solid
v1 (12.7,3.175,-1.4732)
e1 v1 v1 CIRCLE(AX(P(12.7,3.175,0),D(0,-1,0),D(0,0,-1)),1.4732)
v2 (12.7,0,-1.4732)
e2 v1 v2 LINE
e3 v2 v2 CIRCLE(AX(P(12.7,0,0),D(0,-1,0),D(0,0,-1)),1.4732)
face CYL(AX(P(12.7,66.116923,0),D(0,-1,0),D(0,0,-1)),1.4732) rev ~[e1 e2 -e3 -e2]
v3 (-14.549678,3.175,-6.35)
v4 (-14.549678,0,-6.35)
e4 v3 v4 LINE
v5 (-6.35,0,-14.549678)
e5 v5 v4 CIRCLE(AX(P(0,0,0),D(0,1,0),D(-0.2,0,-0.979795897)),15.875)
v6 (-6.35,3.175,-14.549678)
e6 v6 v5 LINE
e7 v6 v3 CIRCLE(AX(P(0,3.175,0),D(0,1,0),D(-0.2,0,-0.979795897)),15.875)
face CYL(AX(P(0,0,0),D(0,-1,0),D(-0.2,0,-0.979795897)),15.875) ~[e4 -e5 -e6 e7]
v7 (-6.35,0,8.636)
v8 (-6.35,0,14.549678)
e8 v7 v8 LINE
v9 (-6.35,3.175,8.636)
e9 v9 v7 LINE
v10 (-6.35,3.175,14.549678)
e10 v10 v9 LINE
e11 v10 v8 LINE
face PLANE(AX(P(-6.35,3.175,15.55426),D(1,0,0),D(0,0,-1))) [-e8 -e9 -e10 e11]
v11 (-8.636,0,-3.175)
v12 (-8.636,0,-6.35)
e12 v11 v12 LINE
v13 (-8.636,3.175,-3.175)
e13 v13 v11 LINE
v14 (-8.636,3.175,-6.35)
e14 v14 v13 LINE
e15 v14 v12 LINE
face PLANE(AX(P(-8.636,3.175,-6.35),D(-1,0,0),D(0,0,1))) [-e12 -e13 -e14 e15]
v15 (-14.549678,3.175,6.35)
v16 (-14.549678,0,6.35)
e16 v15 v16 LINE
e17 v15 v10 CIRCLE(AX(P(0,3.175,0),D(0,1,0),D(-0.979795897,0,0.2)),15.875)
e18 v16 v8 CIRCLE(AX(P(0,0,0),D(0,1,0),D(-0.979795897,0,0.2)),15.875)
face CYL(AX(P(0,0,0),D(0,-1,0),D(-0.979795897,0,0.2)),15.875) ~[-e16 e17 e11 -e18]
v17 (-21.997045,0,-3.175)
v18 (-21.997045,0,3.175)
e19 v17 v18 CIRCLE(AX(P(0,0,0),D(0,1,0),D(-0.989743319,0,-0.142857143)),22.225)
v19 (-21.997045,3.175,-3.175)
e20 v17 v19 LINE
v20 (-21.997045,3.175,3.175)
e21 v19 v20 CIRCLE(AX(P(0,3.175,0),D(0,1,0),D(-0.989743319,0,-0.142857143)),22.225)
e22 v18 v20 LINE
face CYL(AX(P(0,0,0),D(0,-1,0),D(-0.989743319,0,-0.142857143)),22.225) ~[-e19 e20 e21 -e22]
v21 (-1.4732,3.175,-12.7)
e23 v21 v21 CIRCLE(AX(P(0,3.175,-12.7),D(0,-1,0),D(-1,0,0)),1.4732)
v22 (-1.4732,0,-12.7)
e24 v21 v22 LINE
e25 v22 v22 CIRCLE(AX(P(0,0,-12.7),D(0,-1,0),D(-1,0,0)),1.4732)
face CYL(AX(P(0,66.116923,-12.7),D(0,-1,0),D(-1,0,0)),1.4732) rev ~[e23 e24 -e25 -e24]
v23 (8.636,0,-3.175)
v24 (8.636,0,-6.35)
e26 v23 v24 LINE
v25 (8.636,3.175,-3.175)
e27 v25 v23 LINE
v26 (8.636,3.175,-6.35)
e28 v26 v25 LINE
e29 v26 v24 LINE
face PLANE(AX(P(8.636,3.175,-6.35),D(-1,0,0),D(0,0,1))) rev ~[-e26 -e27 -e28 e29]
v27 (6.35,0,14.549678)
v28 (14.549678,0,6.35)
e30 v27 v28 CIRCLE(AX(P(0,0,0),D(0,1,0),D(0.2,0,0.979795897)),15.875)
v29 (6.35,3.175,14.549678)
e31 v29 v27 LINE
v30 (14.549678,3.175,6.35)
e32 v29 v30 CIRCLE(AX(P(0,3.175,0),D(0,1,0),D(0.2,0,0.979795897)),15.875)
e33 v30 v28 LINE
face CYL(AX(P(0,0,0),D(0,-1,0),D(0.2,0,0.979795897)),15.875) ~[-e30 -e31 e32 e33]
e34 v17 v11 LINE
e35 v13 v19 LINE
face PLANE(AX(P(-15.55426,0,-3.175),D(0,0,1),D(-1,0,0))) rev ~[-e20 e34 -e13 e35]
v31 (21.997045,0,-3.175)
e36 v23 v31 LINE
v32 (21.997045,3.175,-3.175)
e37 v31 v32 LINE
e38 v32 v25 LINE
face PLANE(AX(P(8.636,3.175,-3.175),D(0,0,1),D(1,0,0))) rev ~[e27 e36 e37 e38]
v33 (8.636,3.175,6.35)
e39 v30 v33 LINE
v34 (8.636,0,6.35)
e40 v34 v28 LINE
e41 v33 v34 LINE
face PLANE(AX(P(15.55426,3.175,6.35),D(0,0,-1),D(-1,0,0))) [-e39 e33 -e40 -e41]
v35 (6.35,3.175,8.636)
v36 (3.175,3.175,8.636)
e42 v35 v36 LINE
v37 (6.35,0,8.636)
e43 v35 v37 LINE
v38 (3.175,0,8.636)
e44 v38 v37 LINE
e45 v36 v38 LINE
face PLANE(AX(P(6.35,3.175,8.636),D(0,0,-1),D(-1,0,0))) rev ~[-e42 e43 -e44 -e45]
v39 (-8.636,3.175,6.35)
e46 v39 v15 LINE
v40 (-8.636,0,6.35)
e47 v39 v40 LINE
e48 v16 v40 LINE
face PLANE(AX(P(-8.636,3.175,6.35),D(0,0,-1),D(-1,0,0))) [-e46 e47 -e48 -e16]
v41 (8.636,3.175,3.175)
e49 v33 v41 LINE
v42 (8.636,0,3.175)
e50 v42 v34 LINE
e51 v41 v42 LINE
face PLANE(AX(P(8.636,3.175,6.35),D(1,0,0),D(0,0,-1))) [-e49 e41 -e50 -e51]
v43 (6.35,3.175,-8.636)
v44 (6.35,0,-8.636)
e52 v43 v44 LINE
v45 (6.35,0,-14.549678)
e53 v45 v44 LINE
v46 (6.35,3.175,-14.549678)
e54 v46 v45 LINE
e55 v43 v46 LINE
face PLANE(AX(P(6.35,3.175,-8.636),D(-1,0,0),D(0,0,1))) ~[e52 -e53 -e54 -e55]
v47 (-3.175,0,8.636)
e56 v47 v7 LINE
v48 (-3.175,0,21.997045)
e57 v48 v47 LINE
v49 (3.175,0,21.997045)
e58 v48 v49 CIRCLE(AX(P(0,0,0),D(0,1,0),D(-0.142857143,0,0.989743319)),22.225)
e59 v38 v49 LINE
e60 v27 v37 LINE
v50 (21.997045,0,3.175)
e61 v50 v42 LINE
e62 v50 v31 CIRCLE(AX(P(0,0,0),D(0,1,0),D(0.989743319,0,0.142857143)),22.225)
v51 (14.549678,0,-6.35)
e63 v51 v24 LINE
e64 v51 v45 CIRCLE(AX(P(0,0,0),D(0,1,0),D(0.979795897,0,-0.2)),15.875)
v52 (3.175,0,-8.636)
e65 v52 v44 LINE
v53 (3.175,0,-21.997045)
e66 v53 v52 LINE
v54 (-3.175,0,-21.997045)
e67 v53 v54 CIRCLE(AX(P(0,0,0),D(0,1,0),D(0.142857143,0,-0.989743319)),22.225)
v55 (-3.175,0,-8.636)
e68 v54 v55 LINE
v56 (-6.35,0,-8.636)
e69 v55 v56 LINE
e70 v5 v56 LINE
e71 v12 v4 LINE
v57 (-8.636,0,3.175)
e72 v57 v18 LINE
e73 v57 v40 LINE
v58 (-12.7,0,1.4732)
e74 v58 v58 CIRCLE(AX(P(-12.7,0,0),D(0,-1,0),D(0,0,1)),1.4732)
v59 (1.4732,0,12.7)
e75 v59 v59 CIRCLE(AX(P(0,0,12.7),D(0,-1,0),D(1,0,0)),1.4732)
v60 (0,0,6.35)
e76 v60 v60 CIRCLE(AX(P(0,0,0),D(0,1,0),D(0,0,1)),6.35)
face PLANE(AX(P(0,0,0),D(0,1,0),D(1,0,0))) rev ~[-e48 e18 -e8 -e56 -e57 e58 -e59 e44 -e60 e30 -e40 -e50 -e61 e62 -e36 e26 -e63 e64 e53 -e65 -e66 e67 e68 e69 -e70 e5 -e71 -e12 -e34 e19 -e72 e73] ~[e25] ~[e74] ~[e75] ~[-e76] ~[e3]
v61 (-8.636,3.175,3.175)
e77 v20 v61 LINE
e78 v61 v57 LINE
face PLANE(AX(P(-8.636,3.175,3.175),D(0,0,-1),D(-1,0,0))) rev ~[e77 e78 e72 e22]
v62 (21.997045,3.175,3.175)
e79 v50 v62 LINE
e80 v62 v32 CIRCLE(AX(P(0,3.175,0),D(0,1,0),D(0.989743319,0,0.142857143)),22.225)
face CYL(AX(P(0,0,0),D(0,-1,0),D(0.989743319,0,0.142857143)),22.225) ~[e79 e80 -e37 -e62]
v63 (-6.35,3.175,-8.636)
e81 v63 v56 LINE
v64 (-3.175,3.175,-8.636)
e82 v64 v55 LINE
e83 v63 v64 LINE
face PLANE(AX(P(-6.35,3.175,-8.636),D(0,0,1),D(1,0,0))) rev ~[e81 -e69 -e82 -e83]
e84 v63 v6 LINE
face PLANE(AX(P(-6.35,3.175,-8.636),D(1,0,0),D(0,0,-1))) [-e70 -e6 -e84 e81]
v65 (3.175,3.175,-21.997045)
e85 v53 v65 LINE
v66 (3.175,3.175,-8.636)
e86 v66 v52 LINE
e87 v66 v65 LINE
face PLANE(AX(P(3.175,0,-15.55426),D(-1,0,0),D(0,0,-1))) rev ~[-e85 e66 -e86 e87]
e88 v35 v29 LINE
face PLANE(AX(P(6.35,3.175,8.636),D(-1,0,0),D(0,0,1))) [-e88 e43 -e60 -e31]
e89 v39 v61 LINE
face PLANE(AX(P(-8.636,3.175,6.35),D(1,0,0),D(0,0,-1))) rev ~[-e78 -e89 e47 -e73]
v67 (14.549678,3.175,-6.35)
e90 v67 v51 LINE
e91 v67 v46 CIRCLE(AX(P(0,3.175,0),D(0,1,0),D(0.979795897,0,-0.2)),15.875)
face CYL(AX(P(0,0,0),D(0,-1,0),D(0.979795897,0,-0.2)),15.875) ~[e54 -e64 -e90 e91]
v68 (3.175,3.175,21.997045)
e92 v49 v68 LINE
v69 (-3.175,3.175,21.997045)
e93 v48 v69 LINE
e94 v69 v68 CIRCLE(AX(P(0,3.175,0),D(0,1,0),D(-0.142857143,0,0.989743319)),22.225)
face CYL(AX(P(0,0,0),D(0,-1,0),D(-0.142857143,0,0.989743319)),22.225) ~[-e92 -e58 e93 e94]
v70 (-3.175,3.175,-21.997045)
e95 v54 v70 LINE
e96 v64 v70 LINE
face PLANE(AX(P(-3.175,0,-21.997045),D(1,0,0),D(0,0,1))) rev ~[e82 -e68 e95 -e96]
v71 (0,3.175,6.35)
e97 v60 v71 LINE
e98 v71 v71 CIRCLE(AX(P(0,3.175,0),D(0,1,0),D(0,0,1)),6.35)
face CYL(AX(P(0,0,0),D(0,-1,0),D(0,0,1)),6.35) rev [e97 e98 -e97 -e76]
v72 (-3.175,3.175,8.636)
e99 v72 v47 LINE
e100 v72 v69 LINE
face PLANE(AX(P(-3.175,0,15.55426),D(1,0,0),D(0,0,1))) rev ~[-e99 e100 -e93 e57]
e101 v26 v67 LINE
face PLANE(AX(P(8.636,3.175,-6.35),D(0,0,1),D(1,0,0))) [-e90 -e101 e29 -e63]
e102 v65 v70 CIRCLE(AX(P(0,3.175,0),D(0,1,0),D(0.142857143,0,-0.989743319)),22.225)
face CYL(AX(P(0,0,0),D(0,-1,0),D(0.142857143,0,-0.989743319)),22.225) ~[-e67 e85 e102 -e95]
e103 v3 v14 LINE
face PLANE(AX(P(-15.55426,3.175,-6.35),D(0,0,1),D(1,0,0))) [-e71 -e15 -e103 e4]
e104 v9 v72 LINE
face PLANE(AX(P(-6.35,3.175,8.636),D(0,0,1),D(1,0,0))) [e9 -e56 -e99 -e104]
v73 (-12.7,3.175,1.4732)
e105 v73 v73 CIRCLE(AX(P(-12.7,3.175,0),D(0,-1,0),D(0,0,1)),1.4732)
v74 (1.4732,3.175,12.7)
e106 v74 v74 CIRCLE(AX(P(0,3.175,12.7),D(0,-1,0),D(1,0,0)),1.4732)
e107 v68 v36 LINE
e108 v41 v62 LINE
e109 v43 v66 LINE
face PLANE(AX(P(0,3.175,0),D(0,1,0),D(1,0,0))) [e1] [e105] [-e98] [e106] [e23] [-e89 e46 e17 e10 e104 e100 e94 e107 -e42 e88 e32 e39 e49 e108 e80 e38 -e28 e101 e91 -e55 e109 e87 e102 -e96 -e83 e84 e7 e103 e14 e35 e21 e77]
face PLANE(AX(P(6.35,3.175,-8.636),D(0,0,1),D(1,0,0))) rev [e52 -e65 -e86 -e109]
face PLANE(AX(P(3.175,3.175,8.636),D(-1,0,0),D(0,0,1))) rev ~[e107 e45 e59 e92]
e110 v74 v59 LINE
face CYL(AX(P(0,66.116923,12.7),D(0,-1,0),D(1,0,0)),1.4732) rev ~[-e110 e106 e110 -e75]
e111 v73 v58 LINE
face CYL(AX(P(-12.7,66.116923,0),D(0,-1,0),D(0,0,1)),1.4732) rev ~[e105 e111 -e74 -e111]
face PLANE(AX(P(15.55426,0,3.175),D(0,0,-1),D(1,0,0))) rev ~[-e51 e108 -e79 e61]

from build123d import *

# Parameters (mm, degrees)
SKETCH1_R                   = 6.35
BOSS_EXTRUDE1_DEPTH         = 3.175
F_4_CLEARANCE_HOLE1_D       = 2.9464
CUT_EXTRUDE1_REACH          = 33.591
SKETCH11_W                  = 3.175
SKETCH11_H                  = 6.918259867
CIRPATTERN2_COUNT           = 4
CIRPATTERN2_COPY_1_REACH    = 33.591
CIRPATTERN2_COPY_1_SKETCH_W = 3.175
CIRPATTERN2_COPY_1_SKETCH_H = 6.918259867
CIRPATTERN2_COPY_2_REACH    = 33.591
CIRPATTERN2_COPY_2_SKETCH_W = 3.175
CIRPATTERN2_COPY_2_SKETCH_H = 6.918259867
CIRPATTERN2_COPY_3_REACH    = 33.591
CIRPATTERN2_COPY_3_SKETCH_W = 3.175
CIRPATTERN2_COPY_3_SKETCH_H = 6.918259867
CIRPATTERN2_COPY_4_REACH    = 33.591
CIRPATTERN2_COPY_4_SKETCH_W = 3.175
CIRPATTERN2_COPY_4_SKETCH_H = 6.918259867
CIRPATTERN2_COPY_5_REACH    = 33.591
CIRPATTERN2_COPY_5_SKETCH_W = 3.175
CIRPATTERN2_COPY_5_SKETCH_H = 6.918259867
CIRPATTERN2_COPY_6_REACH    = 33.591
CIRPATTERN2_COPY_6_SKETCH_W = 3.175
CIRPATTERN2_COPY_6_SKETCH_H = 6.918259867


with BuildPart() as part:
    # Sketch1 → Boss-Extrude1 (new body)
    with BuildSketch(Plane(origin=(0, 0, 0), x_dir=(1, 0, 0), z_dir=(0, 1, 0))):
        with BuildLine():
            Line((-3.175, 21.997045256), (-3.175, 15.554259867))
            ThreePointArc((-3.175, 15.554259867), (-11.225320151, 11.225320151), (-15.554259867, 3.175))
            Line((-15.554259867, 3.175), (-21.997045256, 3.175))
            ThreePointArc((-21.997045256, 3.175), (-22.225, 0), (-21.997045256, -3.175))
            Line((-21.997045256, -3.175), (-15.554259867, -3.175))
            ThreePointArc((-15.554259867, -3.175), (-11.225320151, -11.225320151), (-3.175, -15.554259867))
            Line((-3.175, -15.554259867), (-3.175, -21.997045256))
            ThreePointArc((-3.175, -21.997045256), (0, -22.225), (3.175, -21.997045256))
            Line((3.175, -21.997045256), (3.175, -15.554259867))
            ThreePointArc((3.175, -15.554259867), (11.225320151, -11.225320151), (15.554259867, -3.175))
            Line((15.554259867, -3.175), (21.997045256, -3.175))
            ThreePointArc((21.997045256, -3.175), (22.225, 0), (21.997045256, 3.175))
            Line((21.997045256, 3.175), (15.554259867, 3.175))
            ThreePointArc((15.554259867, 3.175), (11.225320151, 11.225320151), (3.175, 15.554259867))
            Line((3.175, 15.554259867), (3.175, 21.997045256))
            ThreePointArc((3.175, 21.997045256), (0, 22.225), (-3.175, 21.997045256))
        make_face()
        with Locations(Location((0, 0, 0), (0, 0, 270))):
            Circle(SKETCH1_R, mode=Mode.SUBTRACT)
    extrude(amount=BOSS_EXTRUDE1_DEPTH)

    # #4 Clearance Hole1 (through all)
    with Locations(Plane(origin=(-5.152902703, 3.175, -13.741681739), x_dir=(1, 0, 0), z_dir=(0, 1, 0))):
        with Locations((5.152902703, -1.041681739)):
            f_4_clearance_hole1 = Hole(F_4_CLEARANCE_HOLE1_D / 2)

    # Sketch11 → Cut-Extrude1 (cut, up to next)
    with BuildSketch(Plane(origin=(0, 3.175, 0), x_dir=(1, 0, 0), z_dir=(0, 1, 0)), mode=Mode.PRIVATE) as cut_extrude1_sk1:
        with Locations((-4.7625, 12.095129934)):
            Rectangle(SKETCH11_W, SKETCH11_H)
    cut_extrude1_tool1 = extrude(cut_extrude1_sk1.sketch, amount=-CUT_EXTRUDE1_REACH, mode=Mode.PRIVATE) & part.part
    cut_extrude1 = cut_extrude1_tool1.solids().sort_by_distance((-4.7625, 3.175, -12.09513))[0]
    add(cut_extrude1, mode=Mode.SUBTRACT)

    # Mirror1: Cut-Extrude1 across plane
    add(cut_extrude1.mirror(Plane(origin=(0, 0, 0), x_dir=(0, 0, 1), z_dir=(1, 0, 0))), mode=Mode.SUBTRACT)

    # CirPattern2: #4 Clearance Hole1 ×4 about axis
    cirpattern2_axis = Axis((0, 0, 0), (0, 1, 0))
    for i in range(1, CIRPATTERN2_COUNT):
        add(f_4_clearance_hole1.rotate(cirpattern2_axis, i * 360 / CIRPATTERN2_COUNT), mode=Mode.SUBTRACT)

    # CirPattern2 copy 1 sketch → CirPattern2 copy 1 (cut, up to next)
    with BuildSketch(Plane.ZX.offset(3.175), mode=Mode.PRIVATE) as cirpattern2_copy_1_sk1:
        with Locations((-4.7625, -12.095129934)):
            Rectangle(CIRPATTERN2_COPY_1_SKETCH_W, CIRPATTERN2_COPY_1_SKETCH_H)
    cirpattern2_copy_1_tool1 = extrude(cirpattern2_copy_1_sk1.sketch, amount=-CIRPATTERN2_COPY_1_REACH, mode=Mode.PRIVATE) & part.part
    add(cirpattern2_copy_1_tool1.solids().sort_by_distance((-12.09513, 3.175, -4.7625))[0], mode=Mode.SUBTRACT)

    # CirPattern2 copy 2 sketch → CirPattern2 copy 2 (cut, up to next)
    with BuildSketch(Plane(origin=(0, 3.175, 0), x_dir=(1, 0, 0), z_dir=(0, 1, 0)), mode=Mode.PRIVATE) as cirpattern2_copy_2_sk1:
        with Locations((-4.7625, -12.095129934)):
            Rectangle(CIRPATTERN2_COPY_2_SKETCH_W, CIRPATTERN2_COPY_2_SKETCH_H)
    cirpattern2_copy_2_tool1 = extrude(cirpattern2_copy_2_sk1.sketch, amount=-CIRPATTERN2_COPY_2_REACH, mode=Mode.PRIVATE) & part.part
    add(cirpattern2_copy_2_tool1.solids().sort_by_distance((-4.7625, 3.175, 12.09513))[0], mode=Mode.SUBTRACT)

    # CirPattern2 copy 3 sketch → CirPattern2 copy 3 (cut, up to next)
    with BuildSketch(Plane(origin=(0, 3.175, 0), x_dir=(0, 0, -1), z_dir=(0, 1, 0)), mode=Mode.PRIVATE) as cirpattern2_copy_3_sk1:
        with Locations((-4.7625, -12.095129934)):
            Rectangle(CIRPATTERN2_COPY_3_SKETCH_W, CIRPATTERN2_COPY_3_SKETCH_H)
    cirpattern2_copy_3_tool1 = extrude(cirpattern2_copy_3_sk1.sketch, amount=-CIRPATTERN2_COPY_3_REACH, mode=Mode.PRIVATE) & part.part
    add(cirpattern2_copy_3_tool1.solids().sort_by_distance((12.09513, 3.175, 4.7625))[0], mode=Mode.SUBTRACT)

    # CirPattern2 copy 4 sketch → CirPattern2 copy 4 (cut, up to next)
    with BuildSketch(Plane(origin=(0, 3.175, 0), x_dir=(0, 0, -1), z_dir=(0, 1, 0)), mode=Mode.PRIVATE) as cirpattern2_copy_4_sk1:
        with Locations((-4.7625, 12.095129934)):
            Rectangle(CIRPATTERN2_COPY_4_SKETCH_W, CIRPATTERN2_COPY_4_SKETCH_H)
    cirpattern2_copy_4_tool1 = extrude(cirpattern2_copy_4_sk1.sketch, amount=-CIRPATTERN2_COPY_4_REACH, mode=Mode.PRIVATE) & part.part
    add(cirpattern2_copy_4_tool1.solids().sort_by_distance((-12.09513, 3.175, 4.7625))[0], mode=Mode.SUBTRACT)

    # CirPattern2 copy 5 sketch → CirPattern2 copy 5 (cut, up to next)
    with BuildSketch(Plane(origin=(0, 3.175, 0), x_dir=(-1, 0, 0), z_dir=(0, 1, 0)), mode=Mode.PRIVATE) as cirpattern2_copy_5_sk1:
        with Locations((-4.7625, 12.095129934)):
            Rectangle(CIRPATTERN2_COPY_5_SKETCH_W, CIRPATTERN2_COPY_5_SKETCH_H)
    cirpattern2_copy_5_tool1 = extrude(cirpattern2_copy_5_sk1.sketch, amount=-CIRPATTERN2_COPY_5_REACH, mode=Mode.PRIVATE) & part.part
    add(cirpattern2_copy_5_tool1.solids().sort_by_distance((4.7625, 3.175, 12.09513))[0], mode=Mode.SUBTRACT)

    # CirPattern2 copy 6 sketch → CirPattern2 copy 6 (cut, up to next)
    with BuildSketch(Plane.ZX.offset(3.175), mode=Mode.PRIVATE) as cirpattern2_copy_6_sk1:
        with Locations((-4.7625, 12.095129934)):
            Rectangle(CIRPATTERN2_COPY_6_SKETCH_W, CIRPATTERN2_COPY_6_SKETCH_H)
    cirpattern2_copy_6_tool1 = extrude(cirpattern2_copy_6_sk1.sketch, amount=-CIRPATTERN2_COPY_6_REACH, mode=Mode.PRIVATE) & part.part
    add(cirpattern2_copy_6_tool1.solids().sort_by_distance((12.09513, 3.175, -4.7625))[0], mode=Mode.SUBTRACT)


solid = part.part
